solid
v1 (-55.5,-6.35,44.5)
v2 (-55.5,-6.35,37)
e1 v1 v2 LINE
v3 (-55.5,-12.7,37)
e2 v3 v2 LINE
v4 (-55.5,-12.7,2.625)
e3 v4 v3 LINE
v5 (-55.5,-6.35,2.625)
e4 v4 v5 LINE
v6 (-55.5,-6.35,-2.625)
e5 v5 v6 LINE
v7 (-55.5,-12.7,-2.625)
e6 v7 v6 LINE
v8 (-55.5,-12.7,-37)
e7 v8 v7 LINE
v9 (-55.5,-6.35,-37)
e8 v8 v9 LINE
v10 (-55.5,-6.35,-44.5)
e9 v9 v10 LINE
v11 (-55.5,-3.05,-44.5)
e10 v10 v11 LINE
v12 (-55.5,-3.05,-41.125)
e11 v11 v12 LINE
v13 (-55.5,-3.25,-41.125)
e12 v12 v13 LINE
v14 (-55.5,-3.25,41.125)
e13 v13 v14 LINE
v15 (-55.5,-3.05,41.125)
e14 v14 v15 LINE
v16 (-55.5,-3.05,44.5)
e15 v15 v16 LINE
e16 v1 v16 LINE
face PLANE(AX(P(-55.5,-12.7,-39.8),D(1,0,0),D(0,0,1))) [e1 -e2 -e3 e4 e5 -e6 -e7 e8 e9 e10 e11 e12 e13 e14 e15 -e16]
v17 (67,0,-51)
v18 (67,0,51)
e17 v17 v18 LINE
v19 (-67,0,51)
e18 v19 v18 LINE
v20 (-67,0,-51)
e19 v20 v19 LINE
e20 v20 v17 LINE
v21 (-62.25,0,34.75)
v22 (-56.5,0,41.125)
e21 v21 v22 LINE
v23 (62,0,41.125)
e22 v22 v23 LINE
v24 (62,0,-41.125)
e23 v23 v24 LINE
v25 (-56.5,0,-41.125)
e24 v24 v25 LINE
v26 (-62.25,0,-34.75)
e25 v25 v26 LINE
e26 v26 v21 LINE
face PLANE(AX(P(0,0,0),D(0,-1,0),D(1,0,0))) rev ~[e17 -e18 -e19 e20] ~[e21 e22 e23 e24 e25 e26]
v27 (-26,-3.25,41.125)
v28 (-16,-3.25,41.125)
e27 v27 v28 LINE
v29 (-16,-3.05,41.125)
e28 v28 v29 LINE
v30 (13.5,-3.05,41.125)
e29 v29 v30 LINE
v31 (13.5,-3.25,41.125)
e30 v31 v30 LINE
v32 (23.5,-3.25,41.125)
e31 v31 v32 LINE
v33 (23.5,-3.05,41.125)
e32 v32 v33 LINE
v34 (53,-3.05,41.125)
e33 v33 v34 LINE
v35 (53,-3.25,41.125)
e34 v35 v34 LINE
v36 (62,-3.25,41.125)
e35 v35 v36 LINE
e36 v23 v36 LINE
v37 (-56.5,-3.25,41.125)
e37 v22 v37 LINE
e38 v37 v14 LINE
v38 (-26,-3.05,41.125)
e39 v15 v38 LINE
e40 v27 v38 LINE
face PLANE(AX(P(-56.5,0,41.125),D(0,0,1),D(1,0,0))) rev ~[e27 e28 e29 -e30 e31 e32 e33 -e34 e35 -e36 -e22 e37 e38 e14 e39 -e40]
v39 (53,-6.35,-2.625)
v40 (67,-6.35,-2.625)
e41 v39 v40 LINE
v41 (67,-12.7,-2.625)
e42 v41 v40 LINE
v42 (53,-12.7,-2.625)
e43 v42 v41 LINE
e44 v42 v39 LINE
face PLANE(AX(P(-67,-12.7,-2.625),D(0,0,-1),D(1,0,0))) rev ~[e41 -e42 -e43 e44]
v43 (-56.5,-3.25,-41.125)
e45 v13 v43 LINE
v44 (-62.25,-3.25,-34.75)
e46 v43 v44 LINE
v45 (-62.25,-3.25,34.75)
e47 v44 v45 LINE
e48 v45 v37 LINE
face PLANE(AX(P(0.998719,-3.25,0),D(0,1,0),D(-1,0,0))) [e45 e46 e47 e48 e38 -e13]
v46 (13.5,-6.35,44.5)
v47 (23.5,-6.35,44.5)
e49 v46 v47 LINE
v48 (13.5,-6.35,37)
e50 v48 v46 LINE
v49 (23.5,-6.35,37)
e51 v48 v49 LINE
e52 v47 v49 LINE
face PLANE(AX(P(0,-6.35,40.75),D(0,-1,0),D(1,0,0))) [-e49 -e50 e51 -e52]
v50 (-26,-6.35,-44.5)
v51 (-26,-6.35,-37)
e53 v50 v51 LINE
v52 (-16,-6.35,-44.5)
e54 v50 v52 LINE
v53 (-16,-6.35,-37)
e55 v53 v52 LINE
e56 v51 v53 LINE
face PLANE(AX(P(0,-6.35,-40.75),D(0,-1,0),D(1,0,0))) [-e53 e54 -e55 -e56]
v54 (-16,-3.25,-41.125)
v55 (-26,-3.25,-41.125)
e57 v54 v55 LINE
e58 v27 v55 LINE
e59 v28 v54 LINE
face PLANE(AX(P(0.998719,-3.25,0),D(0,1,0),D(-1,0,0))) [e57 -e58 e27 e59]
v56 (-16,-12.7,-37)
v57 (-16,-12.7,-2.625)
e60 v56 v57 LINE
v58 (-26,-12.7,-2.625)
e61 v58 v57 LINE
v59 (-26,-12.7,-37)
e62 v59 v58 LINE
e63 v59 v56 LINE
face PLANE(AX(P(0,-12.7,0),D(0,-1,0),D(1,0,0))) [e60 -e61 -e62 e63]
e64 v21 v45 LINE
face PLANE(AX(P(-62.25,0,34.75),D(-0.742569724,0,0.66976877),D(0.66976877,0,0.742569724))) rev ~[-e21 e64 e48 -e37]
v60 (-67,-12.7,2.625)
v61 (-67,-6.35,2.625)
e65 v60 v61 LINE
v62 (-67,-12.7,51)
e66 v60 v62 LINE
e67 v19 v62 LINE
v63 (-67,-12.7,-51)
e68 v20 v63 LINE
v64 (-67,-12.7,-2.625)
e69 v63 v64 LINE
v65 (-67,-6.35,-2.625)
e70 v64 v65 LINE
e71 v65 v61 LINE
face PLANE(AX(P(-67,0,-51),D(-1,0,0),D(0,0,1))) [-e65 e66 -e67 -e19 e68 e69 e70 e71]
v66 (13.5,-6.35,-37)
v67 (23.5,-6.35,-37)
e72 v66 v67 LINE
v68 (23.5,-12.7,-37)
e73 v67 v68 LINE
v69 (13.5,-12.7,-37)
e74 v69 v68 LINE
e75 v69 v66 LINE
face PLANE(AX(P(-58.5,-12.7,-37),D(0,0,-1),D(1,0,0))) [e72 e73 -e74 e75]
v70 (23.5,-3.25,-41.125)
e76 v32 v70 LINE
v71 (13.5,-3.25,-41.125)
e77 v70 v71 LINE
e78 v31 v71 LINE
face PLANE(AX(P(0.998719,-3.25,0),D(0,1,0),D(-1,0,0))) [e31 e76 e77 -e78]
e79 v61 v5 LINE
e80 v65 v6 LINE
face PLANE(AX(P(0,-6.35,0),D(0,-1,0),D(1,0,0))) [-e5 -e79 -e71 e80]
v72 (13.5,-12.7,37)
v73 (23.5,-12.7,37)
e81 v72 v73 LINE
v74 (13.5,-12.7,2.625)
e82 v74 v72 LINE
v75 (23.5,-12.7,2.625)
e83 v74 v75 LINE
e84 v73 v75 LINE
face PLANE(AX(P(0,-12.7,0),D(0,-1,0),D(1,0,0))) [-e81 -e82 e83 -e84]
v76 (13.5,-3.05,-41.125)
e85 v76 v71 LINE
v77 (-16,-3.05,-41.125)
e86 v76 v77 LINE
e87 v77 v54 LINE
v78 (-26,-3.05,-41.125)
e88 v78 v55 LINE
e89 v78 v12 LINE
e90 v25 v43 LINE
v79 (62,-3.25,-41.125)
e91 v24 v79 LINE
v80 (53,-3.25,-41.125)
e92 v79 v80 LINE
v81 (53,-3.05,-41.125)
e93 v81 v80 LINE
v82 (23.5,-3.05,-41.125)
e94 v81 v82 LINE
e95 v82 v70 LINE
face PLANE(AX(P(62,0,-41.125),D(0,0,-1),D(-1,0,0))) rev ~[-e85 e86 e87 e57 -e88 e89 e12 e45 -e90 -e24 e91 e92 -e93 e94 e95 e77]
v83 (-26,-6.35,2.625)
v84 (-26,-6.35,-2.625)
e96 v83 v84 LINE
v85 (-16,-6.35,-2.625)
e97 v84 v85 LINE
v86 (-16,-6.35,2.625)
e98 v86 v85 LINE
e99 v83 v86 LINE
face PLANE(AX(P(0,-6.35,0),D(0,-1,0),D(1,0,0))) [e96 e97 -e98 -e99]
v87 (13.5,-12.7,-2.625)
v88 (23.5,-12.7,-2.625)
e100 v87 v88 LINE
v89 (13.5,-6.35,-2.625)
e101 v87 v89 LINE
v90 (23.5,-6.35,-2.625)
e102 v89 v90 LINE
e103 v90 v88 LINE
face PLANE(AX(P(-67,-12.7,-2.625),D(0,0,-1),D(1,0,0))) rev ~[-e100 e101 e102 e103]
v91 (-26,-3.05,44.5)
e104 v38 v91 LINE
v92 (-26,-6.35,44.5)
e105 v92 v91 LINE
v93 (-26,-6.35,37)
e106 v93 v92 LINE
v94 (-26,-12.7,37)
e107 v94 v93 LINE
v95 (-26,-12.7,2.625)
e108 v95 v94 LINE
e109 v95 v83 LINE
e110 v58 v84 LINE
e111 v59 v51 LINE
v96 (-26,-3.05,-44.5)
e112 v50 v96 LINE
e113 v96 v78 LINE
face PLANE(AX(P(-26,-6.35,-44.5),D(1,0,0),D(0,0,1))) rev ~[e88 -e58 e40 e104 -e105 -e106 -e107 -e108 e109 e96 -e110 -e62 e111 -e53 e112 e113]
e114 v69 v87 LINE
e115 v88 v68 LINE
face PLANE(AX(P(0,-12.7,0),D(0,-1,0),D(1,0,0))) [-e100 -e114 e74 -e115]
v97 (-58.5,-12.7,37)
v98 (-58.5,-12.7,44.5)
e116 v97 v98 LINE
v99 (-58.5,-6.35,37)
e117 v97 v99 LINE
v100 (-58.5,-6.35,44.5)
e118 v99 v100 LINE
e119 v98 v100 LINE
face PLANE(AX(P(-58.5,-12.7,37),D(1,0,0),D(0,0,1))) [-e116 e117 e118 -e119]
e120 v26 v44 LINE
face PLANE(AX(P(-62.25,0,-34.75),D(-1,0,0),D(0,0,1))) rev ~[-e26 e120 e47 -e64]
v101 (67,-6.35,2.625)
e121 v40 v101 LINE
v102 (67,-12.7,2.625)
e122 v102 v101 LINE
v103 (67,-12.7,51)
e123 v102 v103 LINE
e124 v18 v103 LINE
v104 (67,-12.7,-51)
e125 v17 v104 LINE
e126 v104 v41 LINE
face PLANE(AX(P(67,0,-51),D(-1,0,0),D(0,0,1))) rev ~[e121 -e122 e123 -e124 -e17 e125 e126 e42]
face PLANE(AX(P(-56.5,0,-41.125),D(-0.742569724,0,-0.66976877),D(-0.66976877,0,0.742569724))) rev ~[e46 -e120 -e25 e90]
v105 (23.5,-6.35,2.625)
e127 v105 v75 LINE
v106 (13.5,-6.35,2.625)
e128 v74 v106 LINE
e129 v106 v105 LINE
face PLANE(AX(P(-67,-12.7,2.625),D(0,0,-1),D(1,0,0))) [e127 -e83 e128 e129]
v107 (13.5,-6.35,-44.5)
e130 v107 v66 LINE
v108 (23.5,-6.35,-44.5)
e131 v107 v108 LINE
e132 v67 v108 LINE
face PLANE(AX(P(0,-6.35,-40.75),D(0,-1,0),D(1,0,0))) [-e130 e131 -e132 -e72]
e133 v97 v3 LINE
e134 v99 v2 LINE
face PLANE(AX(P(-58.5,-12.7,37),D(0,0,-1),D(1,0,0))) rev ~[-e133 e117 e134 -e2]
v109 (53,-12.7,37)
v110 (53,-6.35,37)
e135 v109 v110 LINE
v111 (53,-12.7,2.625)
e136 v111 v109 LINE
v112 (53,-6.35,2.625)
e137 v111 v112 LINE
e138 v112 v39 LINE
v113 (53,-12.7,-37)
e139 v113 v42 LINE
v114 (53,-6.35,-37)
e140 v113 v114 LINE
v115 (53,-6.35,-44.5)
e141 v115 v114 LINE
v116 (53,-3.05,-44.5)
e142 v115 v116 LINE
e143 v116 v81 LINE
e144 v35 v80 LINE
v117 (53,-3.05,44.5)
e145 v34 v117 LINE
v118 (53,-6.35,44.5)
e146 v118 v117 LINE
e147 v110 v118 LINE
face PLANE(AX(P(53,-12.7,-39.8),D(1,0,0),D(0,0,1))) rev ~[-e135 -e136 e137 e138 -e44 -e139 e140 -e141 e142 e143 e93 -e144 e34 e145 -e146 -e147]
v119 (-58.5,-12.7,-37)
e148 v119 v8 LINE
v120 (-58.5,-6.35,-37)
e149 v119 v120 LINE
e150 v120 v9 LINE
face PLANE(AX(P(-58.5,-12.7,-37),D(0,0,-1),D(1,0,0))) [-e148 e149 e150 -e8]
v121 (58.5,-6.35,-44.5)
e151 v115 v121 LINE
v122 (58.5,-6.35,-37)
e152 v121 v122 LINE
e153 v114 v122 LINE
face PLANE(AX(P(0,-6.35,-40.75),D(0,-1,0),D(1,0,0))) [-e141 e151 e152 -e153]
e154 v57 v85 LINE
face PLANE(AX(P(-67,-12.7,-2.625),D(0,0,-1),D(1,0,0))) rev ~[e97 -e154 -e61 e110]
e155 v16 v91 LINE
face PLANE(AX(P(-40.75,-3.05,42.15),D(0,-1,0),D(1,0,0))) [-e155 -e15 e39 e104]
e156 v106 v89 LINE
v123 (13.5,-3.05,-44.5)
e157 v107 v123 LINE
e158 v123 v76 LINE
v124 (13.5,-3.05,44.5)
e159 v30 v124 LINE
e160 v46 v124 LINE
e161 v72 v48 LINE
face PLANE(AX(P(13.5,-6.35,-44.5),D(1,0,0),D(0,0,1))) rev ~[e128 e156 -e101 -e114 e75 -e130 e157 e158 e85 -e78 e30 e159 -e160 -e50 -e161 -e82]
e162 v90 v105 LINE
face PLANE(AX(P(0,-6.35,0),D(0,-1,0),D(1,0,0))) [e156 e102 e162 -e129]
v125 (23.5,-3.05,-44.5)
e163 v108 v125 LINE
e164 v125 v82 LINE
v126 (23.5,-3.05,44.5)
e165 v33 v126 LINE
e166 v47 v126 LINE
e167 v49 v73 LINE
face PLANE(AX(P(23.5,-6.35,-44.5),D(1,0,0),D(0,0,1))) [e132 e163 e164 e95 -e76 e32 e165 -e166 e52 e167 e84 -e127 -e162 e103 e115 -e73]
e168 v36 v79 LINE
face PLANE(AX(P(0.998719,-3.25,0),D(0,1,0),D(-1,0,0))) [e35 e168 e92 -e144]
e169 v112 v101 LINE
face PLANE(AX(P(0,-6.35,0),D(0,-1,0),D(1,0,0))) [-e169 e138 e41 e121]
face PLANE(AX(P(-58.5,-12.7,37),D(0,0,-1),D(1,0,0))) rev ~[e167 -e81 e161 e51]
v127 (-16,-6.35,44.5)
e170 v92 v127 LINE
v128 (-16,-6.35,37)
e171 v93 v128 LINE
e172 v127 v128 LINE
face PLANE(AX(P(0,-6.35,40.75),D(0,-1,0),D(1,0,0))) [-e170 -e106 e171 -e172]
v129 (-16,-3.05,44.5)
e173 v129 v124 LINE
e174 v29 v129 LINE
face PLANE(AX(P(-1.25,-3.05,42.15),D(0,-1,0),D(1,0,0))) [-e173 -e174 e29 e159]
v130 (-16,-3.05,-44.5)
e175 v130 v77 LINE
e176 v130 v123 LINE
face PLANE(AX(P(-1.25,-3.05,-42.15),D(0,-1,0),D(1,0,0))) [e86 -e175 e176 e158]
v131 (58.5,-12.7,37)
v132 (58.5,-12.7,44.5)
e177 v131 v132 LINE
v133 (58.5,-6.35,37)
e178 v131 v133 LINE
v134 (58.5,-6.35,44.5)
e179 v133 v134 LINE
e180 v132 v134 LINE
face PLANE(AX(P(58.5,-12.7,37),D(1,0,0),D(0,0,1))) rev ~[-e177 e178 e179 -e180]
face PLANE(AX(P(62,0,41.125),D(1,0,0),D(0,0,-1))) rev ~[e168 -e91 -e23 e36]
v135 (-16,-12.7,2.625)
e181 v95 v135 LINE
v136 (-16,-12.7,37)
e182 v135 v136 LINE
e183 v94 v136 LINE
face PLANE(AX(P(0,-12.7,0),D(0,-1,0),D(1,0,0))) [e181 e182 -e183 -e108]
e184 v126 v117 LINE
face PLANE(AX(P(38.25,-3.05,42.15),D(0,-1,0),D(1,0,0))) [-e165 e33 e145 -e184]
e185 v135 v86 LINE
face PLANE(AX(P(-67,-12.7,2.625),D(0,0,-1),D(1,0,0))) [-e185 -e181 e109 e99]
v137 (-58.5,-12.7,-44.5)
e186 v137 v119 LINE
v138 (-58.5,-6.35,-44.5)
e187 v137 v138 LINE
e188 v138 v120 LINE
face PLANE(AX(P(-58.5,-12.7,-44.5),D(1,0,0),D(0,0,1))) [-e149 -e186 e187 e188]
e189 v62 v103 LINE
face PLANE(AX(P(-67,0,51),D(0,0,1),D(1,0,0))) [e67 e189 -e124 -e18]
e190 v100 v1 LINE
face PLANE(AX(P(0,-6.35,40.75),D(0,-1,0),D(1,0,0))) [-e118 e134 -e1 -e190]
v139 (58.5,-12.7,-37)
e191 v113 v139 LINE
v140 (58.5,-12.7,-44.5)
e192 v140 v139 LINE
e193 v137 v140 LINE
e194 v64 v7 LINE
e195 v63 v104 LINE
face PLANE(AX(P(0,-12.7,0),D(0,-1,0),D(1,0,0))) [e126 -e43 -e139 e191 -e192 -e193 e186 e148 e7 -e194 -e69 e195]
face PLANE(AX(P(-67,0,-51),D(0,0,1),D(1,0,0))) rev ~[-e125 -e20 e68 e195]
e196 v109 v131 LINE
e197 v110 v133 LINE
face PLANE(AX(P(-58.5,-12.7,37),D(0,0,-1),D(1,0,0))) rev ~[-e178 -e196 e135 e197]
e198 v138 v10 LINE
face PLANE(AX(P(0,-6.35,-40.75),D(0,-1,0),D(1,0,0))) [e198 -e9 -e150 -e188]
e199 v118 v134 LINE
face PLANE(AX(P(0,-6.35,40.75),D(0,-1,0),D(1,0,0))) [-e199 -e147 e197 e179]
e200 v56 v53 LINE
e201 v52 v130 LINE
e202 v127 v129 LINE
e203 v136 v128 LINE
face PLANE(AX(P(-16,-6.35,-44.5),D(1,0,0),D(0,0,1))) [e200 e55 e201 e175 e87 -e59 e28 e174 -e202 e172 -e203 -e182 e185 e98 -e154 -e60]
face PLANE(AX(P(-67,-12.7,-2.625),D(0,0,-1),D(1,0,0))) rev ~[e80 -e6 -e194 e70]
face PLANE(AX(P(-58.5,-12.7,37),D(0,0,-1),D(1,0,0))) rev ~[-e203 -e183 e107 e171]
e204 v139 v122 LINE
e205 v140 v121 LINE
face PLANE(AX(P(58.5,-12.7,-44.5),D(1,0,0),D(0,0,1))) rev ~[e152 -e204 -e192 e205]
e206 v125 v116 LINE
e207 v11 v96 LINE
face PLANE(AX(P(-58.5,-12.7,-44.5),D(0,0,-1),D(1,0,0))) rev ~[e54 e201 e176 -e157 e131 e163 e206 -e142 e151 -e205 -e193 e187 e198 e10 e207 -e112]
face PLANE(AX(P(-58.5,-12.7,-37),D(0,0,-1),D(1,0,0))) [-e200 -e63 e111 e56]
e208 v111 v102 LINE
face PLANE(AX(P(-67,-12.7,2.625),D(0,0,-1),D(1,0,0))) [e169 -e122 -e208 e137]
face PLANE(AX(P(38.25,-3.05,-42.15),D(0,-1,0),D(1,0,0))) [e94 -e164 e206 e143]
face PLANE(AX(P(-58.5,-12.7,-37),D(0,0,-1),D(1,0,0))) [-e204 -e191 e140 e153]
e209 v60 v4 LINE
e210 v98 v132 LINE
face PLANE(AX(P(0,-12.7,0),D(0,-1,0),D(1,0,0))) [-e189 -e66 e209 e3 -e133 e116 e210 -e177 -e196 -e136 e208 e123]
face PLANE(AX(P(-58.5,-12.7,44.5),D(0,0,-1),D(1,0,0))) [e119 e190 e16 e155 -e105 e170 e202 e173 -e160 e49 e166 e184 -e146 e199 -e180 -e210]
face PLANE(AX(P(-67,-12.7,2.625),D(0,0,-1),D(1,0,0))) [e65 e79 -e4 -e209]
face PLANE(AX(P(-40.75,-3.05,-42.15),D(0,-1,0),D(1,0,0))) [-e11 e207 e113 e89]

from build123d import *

# Parameters (mm, degrees)
F0_W      = 134
F0_H      = 102
F1_DEPTH  = 12.7
F2_W      = 29.5
F2_H      = 79.6
F3_DEPTH  = 12.7
F4_W      = 117
F4_H      = 7.5
F4_W_2    = 134
F4_H_2    = 5.25
F5_DEPTH  = 6.35
F8_DEPTH  = 3.25
F9_W      = 29.5
F9_H      = 4.7
F10_DEPTH = 3.3


with BuildPart() as f1:
    # F0 (on Front) → F1 (new body)
    with BuildSketch(Plane.XZ):
        Rectangle(F0_W, F0_H)
    extrude(amount=F1_DEPTH)

    # F2 (on face) → F3 (cut)
    with BuildSketch(Plane.XZ.offset(12.7)):
        with Locations((-1.25, 0)):
            Rectangle(F2_W, F2_H)
        Polygon((53, 39.8), (23.5, 39.8), (23.5, -39.8), (53, -39.8), (53, -16.022205), align=None)
        with Locations((-40.75, 0)):
            Rectangle(F2_W, F2_H)
    extrude(amount=-F3_DEPTH, mode=Mode.SUBTRACT)

    # F4 (on face) → F5 (cut)
    with BuildSketch(Plane.XZ.offset(12.7)):
        with Locations((0, 40.75)):
            Rectangle(F4_W, F4_H)
        Rectangle(F4_W_2, F4_H_2)
        with Locations((0, -40.75)):
            Rectangle(F4_W, F4_H)
    extrude(amount=-F5_DEPTH, mode=Mode.SUBTRACT)

    # F7 (on face) → F8 (cut)
    with BuildSketch(Plane(origin=(0, 0, 0), x_dir=(-1, 0, 0), z_dir=(0, 1, 0))):
        Polygon((56.5, 41.125), (-62, 41.125), (-62, -41.125), (56.5, -41.125), (62.25, -34.75), (62.25, 34.75), align=None)
    extrude(amount=-F8_DEPTH, mode=Mode.SUBTRACT)

    # F9 (on face) → F10 (cut)
    with BuildSketch(Plane.XZ.offset(6.35)):
        with Locations((-1.25, 42.15)):
            Rectangle(F9_W, F9_H)
        with Locations((38.25, 42.15)):
            Rectangle(F9_W, F9_H)
        with Locations((-40.75, 42.15)):
            Rectangle(F9_W, F9_H)
        with Locations((-40.75, -42.15)):
            Rectangle(F9_W, F9_H)
        with Locations((-1.25, -42.15)):
            Rectangle(F9_W, F9_H)
        with Locations((38.25, -42.15)):
            Rectangle(F9_W, F9_H)
    extrude(amount=-F10_DEPTH, mode=Mode.SUBTRACT)


solid = f1.part
